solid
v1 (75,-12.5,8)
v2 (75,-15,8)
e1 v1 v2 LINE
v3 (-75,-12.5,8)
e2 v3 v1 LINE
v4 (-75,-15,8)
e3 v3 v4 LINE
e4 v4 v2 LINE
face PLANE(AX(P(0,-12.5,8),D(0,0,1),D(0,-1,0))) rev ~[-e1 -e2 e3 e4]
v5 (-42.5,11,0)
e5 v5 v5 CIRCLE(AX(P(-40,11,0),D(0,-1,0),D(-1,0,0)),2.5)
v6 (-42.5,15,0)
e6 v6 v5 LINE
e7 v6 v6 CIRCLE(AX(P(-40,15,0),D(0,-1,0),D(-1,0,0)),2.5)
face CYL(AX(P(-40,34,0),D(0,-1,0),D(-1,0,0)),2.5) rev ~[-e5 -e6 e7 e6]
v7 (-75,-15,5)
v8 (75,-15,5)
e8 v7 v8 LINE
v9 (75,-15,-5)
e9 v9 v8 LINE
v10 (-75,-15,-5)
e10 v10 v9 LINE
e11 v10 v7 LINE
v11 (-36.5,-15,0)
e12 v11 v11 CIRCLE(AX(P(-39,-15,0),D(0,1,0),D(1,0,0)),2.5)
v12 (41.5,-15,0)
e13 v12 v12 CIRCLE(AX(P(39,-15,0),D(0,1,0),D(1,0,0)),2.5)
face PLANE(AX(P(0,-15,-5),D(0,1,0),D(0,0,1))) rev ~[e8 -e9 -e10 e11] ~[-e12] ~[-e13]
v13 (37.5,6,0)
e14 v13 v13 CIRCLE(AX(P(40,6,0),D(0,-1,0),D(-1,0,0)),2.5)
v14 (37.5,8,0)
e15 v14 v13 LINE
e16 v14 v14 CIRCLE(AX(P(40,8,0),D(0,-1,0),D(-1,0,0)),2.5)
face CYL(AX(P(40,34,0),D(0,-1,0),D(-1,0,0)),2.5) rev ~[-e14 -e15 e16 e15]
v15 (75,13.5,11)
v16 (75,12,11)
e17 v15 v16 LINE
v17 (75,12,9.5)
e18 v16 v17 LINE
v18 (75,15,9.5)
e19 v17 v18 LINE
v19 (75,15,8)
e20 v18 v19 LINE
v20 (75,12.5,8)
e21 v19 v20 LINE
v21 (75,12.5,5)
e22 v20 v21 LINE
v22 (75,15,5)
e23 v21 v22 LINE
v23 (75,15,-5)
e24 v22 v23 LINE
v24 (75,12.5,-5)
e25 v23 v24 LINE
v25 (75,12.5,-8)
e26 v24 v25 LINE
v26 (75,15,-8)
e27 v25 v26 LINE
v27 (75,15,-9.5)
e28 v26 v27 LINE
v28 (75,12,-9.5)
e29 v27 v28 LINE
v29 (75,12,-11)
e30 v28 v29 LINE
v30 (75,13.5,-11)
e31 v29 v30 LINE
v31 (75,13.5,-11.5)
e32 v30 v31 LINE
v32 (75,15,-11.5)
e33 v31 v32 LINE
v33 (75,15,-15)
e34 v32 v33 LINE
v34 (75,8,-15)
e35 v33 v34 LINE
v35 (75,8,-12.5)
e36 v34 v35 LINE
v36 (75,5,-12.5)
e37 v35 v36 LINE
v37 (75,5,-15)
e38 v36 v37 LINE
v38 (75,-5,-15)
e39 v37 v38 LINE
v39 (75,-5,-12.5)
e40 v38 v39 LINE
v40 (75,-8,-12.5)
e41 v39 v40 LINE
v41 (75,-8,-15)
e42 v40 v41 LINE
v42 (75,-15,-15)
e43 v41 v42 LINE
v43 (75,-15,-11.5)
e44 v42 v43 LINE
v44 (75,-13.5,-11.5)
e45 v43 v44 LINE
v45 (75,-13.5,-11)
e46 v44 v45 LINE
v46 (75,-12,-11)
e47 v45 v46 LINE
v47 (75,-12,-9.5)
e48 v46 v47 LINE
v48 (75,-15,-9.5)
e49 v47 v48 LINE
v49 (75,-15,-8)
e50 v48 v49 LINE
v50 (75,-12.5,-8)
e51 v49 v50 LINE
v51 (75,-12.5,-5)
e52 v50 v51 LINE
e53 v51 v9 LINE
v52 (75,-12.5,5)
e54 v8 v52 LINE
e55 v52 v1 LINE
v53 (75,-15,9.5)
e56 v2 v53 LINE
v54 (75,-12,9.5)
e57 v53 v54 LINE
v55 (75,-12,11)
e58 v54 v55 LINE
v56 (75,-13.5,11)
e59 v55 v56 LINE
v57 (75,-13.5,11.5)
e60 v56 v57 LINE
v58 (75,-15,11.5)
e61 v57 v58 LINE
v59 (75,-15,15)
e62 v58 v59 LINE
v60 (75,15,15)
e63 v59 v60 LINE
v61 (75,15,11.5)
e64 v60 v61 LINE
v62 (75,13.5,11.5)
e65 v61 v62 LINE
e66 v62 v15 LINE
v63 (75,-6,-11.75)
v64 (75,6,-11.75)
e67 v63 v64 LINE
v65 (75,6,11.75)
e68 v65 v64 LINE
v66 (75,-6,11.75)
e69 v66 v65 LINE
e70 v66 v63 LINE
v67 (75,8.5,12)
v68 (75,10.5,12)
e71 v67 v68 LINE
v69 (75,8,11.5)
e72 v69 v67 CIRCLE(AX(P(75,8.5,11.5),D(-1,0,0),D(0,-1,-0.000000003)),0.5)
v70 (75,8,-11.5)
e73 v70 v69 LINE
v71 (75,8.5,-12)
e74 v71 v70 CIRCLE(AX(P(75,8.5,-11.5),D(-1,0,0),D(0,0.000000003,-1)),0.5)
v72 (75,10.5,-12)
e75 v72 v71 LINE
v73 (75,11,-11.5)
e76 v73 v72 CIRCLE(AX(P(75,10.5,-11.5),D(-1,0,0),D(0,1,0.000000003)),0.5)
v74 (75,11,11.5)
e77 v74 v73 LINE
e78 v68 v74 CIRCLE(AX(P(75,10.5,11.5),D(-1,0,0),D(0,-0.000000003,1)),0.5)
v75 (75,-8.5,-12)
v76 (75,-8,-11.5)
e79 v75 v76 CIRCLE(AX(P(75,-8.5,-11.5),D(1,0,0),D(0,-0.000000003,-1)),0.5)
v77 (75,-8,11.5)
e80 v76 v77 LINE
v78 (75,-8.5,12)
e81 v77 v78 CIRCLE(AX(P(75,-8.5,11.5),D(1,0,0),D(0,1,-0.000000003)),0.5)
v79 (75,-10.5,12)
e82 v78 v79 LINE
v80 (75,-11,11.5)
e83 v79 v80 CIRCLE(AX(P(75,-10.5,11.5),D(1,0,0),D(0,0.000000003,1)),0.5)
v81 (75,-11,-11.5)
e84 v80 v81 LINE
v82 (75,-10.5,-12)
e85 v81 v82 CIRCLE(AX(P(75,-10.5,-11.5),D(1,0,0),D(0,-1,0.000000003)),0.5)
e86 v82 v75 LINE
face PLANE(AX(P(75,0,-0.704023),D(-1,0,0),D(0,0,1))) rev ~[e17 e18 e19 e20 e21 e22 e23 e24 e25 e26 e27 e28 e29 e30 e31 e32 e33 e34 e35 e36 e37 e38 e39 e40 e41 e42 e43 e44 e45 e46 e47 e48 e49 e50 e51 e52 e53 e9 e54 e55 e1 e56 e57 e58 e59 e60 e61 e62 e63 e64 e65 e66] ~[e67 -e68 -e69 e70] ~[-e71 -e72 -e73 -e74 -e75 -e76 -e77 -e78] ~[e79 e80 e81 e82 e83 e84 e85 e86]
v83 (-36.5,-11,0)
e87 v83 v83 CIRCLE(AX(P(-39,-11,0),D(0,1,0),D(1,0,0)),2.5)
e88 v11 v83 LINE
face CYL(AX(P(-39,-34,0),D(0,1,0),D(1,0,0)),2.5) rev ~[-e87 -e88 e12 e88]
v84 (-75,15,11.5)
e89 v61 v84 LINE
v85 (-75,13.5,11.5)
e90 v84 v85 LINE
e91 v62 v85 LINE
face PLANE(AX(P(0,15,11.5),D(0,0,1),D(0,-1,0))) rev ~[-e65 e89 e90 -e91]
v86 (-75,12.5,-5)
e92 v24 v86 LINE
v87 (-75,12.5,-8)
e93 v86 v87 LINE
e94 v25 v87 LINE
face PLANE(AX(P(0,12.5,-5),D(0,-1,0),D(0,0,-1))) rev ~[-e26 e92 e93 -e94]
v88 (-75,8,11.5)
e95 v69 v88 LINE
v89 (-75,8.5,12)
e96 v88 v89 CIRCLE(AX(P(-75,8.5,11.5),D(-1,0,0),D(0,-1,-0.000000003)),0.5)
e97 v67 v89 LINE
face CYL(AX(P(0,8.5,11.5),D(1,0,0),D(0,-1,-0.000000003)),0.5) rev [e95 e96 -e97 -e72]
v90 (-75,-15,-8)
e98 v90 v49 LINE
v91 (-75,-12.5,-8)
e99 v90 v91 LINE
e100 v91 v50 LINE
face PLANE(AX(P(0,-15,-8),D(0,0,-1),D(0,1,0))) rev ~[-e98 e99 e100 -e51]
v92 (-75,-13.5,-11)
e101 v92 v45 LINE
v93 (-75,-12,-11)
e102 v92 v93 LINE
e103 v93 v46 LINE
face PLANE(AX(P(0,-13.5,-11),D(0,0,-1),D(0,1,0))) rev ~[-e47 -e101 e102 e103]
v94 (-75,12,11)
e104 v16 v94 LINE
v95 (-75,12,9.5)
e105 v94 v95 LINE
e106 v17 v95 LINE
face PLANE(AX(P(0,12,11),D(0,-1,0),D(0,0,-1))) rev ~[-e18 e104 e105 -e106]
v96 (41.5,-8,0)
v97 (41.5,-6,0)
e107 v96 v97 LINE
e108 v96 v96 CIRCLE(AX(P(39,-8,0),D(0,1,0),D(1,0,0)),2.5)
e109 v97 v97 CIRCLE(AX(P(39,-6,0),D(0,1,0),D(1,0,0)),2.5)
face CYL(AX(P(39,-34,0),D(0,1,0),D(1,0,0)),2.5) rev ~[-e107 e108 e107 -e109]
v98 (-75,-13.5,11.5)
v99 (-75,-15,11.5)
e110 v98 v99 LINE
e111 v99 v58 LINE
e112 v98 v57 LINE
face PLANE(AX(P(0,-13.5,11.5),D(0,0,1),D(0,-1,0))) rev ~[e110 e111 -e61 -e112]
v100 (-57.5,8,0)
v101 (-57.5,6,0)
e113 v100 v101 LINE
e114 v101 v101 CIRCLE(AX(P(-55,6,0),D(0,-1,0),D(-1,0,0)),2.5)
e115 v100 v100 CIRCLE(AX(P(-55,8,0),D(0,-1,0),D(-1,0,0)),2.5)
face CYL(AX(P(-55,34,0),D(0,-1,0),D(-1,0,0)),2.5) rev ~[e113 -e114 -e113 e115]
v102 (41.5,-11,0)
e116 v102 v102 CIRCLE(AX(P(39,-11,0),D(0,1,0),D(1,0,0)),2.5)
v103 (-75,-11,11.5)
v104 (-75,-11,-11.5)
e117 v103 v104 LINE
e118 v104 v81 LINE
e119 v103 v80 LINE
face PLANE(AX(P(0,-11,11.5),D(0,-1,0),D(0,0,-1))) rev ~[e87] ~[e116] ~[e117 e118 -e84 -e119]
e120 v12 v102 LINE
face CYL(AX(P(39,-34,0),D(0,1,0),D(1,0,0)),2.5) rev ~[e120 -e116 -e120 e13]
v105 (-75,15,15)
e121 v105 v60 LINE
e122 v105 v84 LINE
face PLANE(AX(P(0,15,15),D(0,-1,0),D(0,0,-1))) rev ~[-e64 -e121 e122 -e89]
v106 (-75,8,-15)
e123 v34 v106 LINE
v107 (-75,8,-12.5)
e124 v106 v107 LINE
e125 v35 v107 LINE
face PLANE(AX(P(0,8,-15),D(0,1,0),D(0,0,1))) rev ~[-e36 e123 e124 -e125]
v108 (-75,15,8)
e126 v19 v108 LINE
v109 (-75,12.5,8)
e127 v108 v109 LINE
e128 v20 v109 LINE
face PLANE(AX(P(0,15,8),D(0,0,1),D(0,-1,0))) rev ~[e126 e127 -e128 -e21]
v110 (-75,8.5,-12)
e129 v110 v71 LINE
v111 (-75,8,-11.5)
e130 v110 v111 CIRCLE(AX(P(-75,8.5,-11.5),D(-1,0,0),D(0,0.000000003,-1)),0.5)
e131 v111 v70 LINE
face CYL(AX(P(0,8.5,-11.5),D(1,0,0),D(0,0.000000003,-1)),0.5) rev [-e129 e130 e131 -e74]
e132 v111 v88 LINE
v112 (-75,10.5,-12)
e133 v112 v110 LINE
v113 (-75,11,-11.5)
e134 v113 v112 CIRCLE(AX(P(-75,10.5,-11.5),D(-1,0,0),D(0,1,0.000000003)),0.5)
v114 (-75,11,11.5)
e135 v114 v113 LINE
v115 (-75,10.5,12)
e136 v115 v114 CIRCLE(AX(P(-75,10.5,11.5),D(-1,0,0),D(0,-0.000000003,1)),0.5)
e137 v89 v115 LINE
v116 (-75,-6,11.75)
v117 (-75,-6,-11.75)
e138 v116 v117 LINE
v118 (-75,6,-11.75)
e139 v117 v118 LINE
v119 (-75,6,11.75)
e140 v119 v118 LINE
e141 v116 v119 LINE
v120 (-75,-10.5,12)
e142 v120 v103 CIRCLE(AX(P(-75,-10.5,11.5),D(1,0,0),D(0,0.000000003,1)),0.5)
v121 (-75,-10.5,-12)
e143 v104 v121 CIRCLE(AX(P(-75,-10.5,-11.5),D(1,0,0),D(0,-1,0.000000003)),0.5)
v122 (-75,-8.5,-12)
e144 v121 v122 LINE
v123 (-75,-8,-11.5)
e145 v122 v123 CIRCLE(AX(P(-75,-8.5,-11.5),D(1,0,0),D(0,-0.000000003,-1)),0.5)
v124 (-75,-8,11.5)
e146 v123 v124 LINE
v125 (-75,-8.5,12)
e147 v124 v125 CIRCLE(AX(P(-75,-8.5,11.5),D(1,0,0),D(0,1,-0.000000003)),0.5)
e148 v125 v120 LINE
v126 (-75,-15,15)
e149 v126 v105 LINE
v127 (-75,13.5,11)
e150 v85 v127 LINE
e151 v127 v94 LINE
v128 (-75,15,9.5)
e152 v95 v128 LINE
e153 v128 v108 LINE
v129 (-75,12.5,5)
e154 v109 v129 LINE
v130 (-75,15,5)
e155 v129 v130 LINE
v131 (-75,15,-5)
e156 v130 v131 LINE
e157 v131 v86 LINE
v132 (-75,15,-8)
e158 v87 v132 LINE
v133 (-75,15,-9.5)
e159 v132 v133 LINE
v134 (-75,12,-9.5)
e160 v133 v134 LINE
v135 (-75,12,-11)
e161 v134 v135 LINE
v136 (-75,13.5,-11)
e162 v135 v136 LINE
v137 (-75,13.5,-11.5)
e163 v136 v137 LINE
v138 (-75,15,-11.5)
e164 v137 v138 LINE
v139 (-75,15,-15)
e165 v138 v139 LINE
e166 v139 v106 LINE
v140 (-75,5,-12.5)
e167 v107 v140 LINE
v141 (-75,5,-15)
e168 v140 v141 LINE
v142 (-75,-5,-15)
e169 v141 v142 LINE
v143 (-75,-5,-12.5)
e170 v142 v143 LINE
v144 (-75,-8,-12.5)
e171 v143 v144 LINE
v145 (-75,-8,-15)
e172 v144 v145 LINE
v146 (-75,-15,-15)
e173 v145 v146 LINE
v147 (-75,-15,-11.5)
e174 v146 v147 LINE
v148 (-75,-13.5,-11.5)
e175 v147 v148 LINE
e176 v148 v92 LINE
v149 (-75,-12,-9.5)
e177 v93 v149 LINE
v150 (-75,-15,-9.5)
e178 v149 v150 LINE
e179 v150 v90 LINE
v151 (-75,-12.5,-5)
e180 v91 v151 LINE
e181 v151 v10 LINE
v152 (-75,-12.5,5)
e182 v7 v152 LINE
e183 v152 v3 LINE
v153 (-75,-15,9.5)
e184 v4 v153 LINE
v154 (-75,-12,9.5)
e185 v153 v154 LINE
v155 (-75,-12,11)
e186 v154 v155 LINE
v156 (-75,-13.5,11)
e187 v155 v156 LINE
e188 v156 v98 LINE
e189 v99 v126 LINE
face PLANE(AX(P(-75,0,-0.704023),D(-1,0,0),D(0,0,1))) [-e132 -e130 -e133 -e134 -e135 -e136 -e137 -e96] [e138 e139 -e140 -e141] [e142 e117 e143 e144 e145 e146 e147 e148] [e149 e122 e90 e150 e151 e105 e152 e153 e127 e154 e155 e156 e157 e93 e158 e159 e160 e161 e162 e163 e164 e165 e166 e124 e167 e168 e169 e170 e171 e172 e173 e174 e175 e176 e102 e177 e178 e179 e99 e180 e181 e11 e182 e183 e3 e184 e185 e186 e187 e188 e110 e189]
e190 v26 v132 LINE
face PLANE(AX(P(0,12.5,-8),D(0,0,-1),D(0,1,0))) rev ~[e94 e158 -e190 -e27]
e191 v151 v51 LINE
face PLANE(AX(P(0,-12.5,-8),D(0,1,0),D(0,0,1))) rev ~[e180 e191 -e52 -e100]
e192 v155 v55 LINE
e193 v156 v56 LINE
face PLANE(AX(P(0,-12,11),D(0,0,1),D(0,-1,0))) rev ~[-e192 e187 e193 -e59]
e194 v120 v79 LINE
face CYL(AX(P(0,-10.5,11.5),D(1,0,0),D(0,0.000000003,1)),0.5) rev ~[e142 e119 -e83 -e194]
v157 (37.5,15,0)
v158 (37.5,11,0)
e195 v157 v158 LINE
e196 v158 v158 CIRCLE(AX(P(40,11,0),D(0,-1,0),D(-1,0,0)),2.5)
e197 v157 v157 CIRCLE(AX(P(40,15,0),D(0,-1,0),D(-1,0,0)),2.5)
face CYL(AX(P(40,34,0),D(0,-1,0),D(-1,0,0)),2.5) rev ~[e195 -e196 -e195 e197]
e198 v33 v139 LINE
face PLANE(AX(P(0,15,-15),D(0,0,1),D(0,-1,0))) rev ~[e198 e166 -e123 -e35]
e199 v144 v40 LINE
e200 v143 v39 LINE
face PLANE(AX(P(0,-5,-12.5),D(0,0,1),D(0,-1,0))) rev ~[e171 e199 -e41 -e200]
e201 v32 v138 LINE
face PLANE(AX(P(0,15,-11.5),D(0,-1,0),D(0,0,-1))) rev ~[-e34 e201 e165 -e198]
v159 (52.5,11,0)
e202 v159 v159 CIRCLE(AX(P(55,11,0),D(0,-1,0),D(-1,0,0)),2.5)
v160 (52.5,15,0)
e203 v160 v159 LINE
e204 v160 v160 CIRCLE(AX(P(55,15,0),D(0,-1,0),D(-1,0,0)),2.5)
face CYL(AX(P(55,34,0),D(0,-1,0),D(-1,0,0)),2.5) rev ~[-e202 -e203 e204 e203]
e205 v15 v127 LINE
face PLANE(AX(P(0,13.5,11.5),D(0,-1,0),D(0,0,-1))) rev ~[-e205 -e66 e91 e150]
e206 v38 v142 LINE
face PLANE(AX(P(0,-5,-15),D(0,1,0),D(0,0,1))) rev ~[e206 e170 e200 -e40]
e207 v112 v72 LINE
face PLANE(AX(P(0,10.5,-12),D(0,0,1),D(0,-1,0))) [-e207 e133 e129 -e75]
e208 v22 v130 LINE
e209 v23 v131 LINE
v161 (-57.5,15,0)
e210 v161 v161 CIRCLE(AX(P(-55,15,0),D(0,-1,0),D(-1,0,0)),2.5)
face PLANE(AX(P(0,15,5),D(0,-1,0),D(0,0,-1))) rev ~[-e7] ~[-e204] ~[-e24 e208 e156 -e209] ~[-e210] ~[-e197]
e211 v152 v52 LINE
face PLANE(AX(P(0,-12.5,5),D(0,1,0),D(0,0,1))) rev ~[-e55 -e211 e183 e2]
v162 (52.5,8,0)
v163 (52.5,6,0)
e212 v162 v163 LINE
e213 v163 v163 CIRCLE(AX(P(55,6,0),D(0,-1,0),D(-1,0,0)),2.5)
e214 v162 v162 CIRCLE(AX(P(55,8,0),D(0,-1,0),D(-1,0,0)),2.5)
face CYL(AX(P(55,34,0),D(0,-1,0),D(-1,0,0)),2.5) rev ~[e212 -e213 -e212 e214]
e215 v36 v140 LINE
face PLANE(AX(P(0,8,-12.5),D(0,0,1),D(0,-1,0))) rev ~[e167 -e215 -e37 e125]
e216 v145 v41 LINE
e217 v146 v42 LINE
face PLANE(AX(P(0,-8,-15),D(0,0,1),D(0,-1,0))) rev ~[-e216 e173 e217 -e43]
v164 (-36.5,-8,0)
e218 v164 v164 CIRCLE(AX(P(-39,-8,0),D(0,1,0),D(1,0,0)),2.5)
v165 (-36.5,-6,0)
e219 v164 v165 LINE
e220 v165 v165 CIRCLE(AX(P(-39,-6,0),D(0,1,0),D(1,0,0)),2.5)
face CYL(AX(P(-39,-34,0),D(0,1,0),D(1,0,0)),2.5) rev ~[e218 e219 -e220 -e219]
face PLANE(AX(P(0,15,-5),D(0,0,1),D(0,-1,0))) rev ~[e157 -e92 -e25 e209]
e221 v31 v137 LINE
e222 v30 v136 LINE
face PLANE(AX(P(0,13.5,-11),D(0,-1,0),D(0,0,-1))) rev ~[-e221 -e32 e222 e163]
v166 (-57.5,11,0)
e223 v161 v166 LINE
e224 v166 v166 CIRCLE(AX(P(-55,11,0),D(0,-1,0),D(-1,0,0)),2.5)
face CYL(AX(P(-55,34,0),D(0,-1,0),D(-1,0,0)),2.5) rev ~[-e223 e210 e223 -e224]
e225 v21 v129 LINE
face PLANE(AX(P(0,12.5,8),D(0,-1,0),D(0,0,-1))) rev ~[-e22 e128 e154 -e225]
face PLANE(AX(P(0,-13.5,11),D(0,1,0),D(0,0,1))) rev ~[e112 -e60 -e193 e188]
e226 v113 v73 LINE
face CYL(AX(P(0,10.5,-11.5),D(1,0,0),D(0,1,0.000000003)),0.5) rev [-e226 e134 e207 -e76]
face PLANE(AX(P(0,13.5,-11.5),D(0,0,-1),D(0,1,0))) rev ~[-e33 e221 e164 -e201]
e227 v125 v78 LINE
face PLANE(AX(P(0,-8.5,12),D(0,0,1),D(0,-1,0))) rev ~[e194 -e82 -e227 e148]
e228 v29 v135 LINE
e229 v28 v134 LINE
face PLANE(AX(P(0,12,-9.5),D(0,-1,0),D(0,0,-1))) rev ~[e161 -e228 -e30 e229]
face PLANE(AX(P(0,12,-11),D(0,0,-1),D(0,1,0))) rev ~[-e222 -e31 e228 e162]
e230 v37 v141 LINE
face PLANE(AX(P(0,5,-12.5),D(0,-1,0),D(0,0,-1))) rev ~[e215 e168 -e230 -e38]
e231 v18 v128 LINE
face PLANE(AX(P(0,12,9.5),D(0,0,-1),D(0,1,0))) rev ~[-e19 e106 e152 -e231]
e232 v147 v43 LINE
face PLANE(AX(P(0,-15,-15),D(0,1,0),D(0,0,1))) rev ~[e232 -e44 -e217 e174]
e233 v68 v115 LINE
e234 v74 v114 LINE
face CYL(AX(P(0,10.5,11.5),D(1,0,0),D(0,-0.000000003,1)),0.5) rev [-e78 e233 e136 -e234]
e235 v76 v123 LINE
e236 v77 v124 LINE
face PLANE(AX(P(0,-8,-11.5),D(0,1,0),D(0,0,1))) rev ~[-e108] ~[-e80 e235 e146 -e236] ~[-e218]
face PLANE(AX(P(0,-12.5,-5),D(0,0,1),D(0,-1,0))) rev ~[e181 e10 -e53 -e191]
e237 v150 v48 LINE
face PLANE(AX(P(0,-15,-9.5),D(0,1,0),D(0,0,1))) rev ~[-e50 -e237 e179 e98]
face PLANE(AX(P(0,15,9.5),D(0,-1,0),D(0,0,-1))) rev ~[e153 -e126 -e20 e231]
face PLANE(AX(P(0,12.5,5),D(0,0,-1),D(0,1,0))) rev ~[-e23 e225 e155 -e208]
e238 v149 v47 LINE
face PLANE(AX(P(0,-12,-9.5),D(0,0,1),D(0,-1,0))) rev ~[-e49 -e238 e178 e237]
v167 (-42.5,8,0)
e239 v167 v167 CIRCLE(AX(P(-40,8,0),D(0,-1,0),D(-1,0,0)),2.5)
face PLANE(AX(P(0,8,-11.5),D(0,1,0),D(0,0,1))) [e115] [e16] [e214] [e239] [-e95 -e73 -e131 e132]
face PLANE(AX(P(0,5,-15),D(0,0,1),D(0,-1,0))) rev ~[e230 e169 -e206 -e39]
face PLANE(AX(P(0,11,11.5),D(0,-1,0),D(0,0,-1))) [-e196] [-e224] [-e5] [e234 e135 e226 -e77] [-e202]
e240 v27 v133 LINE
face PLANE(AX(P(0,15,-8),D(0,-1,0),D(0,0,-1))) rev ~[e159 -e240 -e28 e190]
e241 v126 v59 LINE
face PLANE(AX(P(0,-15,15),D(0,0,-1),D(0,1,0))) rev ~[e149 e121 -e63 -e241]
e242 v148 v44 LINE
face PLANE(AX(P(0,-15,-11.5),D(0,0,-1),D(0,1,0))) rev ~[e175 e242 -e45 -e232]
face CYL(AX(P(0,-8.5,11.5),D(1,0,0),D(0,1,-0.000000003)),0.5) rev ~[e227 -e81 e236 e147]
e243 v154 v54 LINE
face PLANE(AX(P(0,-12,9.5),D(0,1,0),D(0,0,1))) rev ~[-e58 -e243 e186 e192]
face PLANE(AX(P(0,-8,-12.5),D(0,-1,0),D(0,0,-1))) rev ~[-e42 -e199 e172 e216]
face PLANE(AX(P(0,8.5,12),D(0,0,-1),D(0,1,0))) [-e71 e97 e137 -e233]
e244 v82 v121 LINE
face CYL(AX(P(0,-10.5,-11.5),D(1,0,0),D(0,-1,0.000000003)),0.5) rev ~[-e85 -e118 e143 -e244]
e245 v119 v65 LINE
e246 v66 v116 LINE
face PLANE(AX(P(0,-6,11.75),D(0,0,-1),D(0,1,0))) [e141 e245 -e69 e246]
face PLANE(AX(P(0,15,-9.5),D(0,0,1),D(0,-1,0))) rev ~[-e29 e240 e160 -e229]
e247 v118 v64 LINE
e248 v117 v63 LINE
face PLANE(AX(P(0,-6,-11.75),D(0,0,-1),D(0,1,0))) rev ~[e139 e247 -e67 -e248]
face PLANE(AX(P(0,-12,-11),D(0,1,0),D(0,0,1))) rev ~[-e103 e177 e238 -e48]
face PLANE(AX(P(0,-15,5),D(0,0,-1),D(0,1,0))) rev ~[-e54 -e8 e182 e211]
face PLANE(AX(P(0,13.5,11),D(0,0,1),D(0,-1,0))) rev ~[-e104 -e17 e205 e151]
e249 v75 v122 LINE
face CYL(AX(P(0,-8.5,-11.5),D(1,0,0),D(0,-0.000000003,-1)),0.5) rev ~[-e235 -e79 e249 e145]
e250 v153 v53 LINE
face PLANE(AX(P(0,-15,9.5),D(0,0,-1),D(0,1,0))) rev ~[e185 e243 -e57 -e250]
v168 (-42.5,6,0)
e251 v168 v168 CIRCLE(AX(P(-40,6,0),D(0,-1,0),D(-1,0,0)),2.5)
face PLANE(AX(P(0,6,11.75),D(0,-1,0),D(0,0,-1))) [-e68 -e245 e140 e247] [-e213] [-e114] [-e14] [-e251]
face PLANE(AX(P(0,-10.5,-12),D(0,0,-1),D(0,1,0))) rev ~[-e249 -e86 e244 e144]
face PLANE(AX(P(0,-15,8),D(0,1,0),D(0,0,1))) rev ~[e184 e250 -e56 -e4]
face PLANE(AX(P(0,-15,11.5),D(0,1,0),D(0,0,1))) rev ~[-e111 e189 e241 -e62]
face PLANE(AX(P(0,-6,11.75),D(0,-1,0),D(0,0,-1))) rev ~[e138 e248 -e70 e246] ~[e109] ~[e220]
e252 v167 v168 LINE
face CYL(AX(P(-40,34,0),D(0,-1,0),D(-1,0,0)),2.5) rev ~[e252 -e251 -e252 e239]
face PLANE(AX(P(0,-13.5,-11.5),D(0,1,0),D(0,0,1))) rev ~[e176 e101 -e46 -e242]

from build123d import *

# Parameters (mm, degrees)
SKETCH_1_W             = 23.5
SKETCH_1_H             = 12
EXTRUDE_1_DEPTH        = 75
HOLE_WIZARD_M6_1_D     = 5
HOLE_WIZARD_M6_1_DEPTH = 19
HOLE_WIZARD_M6_1_TIP   = 1.502151548
HOLE_WIZARD_M6_2_D     = 5
HOLE_WIZARD_M6_2_DEPTH = 19
HOLE_WIZARD_M6_2_TIP   = 1.502151548


with BuildPart() as part:
    # 草图1 → 凸台-拉伸1 (new, symmetric)
    with BuildSketch(Plane(origin=(0, 0, 0), x_dir=(0, 0, -1), z_dir=(1, 0, 0))):
        Polygon((-15, 15), (-11.5, 15), (-11.5, 13.5), (-11, 13.5), (-11, 12), (-9.5, 12), (-9.5, 15), (-8, 15), (-8, 12.5), (-5, 12.5), (-5, 15), (5, 15), (5, 12.5), (8, 12.5), (8, 15), (9.5, 15), (9.5, 12), (11, 12), (11, 13.5), (11.5, 13.5), (11.5, 15), (15, 15), (15, 8), (12.5, 8), (12.5, 5), (15, 5), (15, -5), (12.5, -5), (12.5, -8), (15, -8), (15, -15), (11.5, -15), (11.5, -13.5), (11, -13.5), (11, -12), (9.5, -12), (9.5, -15), (8, -15), (8, -12.5), (5, -12.5), (5, -15), (-5, -15), (-5, -12.5), (-8, -12.5), (-8, -15), (-9.5, -15), (-9.5, -12), (-11, -12), (-11, -13.5), (-11.5, -13.5), (-11.5, -15), (-15, -15), align=None)
        with BuildLine():
            Line((12, -10.5), (12, -8.5))
            ThreePointArc((12, -8.5), (11.853553391, -8.146446609), (11.5, -8))
            Line((11.5, -8), (-11.5, -8))
            ThreePointArc((-11.5, -8), (-11.853553391, -8.146446609), (-12, -8.5))
            Line((-12, -8.5), (-12, -10.5))
            ThreePointArc((-12, -10.5), (-11.853553391, -10.853553391), (-11.5, -11))
            Line((-11.5, -11), (11.5, -11))
            ThreePointArc((11.5, -11), (11.853553391, -10.853553391), (12, -10.5))
        make_face(mode=Mode.SUBTRACT)
        with BuildLine():
            Line((-11.5, 11), (11.5, 11))
            ThreePointArc((11.5, 11), (11.853553391, 10.853553391), (12, 10.5))
            Line((12, 10.5), (12, 8.5))
            ThreePointArc((12, 8.5), (11.853553391, 8.146446609), (11.5, 8))
            Line((11.5, 8), (-11.5, 8))
            ThreePointArc((-11.5, 8), (-11.853553391, 8.146446609), (-12, 8.5))
            Line((-12, 8.5), (-12, 10.5))
            ThreePointArc((-12, 10.5), (-11.853553391, 10.853553391), (-11.5, 11))
        make_face(mode=Mode.SUBTRACT)
        Rectangle(SKETCH_1_W, SKETCH_1_H, mode=Mode.SUBTRACT)
    extrude(amount=EXTRUDE_1_DEPTH, both=True)

    # M6 螺纹孔1
    with Locations(Plane(origin=(0, 15, 0), x_dir=(1, 0, 0), z_dir=(0, 1, 0))):
        with Locations((-40, 0), (-55, 0), (55, 0), (40, 0)):
            Hole(HOLE_WIZARD_M6_1_D / 2, depth=HOLE_WIZARD_M6_1_DEPTH)
            with Locations((0, 0, -(HOLE_WIZARD_M6_1_DEPTH + HOLE_WIZARD_M6_1_TIP / 2))):  # 118° drill point
                Cone(0, HOLE_WIZARD_M6_1_D / 2, HOLE_WIZARD_M6_1_TIP, mode=Mode.SUBTRACT)

    # M6 螺纹孔2
    with Locations(Plane(origin=(0, -15, 0), x_dir=(-1, 0, 0), z_dir=(0, -1, 0))):
        with Locations((-39, 0), (39, 0)):
            Hole(HOLE_WIZARD_M6_2_D / 2, depth=HOLE_WIZARD_M6_2_DEPTH)
            with Locations((0, 0, -(HOLE_WIZARD_M6_2_DEPTH + HOLE_WIZARD_M6_2_TIP / 2))):  # 118° drill point
                Cone(0, HOLE_WIZARD_M6_2_D / 2, HOLE_WIZARD_M6_2_TIP, mode=Mode.SUBTRACT)


solid = part.part
